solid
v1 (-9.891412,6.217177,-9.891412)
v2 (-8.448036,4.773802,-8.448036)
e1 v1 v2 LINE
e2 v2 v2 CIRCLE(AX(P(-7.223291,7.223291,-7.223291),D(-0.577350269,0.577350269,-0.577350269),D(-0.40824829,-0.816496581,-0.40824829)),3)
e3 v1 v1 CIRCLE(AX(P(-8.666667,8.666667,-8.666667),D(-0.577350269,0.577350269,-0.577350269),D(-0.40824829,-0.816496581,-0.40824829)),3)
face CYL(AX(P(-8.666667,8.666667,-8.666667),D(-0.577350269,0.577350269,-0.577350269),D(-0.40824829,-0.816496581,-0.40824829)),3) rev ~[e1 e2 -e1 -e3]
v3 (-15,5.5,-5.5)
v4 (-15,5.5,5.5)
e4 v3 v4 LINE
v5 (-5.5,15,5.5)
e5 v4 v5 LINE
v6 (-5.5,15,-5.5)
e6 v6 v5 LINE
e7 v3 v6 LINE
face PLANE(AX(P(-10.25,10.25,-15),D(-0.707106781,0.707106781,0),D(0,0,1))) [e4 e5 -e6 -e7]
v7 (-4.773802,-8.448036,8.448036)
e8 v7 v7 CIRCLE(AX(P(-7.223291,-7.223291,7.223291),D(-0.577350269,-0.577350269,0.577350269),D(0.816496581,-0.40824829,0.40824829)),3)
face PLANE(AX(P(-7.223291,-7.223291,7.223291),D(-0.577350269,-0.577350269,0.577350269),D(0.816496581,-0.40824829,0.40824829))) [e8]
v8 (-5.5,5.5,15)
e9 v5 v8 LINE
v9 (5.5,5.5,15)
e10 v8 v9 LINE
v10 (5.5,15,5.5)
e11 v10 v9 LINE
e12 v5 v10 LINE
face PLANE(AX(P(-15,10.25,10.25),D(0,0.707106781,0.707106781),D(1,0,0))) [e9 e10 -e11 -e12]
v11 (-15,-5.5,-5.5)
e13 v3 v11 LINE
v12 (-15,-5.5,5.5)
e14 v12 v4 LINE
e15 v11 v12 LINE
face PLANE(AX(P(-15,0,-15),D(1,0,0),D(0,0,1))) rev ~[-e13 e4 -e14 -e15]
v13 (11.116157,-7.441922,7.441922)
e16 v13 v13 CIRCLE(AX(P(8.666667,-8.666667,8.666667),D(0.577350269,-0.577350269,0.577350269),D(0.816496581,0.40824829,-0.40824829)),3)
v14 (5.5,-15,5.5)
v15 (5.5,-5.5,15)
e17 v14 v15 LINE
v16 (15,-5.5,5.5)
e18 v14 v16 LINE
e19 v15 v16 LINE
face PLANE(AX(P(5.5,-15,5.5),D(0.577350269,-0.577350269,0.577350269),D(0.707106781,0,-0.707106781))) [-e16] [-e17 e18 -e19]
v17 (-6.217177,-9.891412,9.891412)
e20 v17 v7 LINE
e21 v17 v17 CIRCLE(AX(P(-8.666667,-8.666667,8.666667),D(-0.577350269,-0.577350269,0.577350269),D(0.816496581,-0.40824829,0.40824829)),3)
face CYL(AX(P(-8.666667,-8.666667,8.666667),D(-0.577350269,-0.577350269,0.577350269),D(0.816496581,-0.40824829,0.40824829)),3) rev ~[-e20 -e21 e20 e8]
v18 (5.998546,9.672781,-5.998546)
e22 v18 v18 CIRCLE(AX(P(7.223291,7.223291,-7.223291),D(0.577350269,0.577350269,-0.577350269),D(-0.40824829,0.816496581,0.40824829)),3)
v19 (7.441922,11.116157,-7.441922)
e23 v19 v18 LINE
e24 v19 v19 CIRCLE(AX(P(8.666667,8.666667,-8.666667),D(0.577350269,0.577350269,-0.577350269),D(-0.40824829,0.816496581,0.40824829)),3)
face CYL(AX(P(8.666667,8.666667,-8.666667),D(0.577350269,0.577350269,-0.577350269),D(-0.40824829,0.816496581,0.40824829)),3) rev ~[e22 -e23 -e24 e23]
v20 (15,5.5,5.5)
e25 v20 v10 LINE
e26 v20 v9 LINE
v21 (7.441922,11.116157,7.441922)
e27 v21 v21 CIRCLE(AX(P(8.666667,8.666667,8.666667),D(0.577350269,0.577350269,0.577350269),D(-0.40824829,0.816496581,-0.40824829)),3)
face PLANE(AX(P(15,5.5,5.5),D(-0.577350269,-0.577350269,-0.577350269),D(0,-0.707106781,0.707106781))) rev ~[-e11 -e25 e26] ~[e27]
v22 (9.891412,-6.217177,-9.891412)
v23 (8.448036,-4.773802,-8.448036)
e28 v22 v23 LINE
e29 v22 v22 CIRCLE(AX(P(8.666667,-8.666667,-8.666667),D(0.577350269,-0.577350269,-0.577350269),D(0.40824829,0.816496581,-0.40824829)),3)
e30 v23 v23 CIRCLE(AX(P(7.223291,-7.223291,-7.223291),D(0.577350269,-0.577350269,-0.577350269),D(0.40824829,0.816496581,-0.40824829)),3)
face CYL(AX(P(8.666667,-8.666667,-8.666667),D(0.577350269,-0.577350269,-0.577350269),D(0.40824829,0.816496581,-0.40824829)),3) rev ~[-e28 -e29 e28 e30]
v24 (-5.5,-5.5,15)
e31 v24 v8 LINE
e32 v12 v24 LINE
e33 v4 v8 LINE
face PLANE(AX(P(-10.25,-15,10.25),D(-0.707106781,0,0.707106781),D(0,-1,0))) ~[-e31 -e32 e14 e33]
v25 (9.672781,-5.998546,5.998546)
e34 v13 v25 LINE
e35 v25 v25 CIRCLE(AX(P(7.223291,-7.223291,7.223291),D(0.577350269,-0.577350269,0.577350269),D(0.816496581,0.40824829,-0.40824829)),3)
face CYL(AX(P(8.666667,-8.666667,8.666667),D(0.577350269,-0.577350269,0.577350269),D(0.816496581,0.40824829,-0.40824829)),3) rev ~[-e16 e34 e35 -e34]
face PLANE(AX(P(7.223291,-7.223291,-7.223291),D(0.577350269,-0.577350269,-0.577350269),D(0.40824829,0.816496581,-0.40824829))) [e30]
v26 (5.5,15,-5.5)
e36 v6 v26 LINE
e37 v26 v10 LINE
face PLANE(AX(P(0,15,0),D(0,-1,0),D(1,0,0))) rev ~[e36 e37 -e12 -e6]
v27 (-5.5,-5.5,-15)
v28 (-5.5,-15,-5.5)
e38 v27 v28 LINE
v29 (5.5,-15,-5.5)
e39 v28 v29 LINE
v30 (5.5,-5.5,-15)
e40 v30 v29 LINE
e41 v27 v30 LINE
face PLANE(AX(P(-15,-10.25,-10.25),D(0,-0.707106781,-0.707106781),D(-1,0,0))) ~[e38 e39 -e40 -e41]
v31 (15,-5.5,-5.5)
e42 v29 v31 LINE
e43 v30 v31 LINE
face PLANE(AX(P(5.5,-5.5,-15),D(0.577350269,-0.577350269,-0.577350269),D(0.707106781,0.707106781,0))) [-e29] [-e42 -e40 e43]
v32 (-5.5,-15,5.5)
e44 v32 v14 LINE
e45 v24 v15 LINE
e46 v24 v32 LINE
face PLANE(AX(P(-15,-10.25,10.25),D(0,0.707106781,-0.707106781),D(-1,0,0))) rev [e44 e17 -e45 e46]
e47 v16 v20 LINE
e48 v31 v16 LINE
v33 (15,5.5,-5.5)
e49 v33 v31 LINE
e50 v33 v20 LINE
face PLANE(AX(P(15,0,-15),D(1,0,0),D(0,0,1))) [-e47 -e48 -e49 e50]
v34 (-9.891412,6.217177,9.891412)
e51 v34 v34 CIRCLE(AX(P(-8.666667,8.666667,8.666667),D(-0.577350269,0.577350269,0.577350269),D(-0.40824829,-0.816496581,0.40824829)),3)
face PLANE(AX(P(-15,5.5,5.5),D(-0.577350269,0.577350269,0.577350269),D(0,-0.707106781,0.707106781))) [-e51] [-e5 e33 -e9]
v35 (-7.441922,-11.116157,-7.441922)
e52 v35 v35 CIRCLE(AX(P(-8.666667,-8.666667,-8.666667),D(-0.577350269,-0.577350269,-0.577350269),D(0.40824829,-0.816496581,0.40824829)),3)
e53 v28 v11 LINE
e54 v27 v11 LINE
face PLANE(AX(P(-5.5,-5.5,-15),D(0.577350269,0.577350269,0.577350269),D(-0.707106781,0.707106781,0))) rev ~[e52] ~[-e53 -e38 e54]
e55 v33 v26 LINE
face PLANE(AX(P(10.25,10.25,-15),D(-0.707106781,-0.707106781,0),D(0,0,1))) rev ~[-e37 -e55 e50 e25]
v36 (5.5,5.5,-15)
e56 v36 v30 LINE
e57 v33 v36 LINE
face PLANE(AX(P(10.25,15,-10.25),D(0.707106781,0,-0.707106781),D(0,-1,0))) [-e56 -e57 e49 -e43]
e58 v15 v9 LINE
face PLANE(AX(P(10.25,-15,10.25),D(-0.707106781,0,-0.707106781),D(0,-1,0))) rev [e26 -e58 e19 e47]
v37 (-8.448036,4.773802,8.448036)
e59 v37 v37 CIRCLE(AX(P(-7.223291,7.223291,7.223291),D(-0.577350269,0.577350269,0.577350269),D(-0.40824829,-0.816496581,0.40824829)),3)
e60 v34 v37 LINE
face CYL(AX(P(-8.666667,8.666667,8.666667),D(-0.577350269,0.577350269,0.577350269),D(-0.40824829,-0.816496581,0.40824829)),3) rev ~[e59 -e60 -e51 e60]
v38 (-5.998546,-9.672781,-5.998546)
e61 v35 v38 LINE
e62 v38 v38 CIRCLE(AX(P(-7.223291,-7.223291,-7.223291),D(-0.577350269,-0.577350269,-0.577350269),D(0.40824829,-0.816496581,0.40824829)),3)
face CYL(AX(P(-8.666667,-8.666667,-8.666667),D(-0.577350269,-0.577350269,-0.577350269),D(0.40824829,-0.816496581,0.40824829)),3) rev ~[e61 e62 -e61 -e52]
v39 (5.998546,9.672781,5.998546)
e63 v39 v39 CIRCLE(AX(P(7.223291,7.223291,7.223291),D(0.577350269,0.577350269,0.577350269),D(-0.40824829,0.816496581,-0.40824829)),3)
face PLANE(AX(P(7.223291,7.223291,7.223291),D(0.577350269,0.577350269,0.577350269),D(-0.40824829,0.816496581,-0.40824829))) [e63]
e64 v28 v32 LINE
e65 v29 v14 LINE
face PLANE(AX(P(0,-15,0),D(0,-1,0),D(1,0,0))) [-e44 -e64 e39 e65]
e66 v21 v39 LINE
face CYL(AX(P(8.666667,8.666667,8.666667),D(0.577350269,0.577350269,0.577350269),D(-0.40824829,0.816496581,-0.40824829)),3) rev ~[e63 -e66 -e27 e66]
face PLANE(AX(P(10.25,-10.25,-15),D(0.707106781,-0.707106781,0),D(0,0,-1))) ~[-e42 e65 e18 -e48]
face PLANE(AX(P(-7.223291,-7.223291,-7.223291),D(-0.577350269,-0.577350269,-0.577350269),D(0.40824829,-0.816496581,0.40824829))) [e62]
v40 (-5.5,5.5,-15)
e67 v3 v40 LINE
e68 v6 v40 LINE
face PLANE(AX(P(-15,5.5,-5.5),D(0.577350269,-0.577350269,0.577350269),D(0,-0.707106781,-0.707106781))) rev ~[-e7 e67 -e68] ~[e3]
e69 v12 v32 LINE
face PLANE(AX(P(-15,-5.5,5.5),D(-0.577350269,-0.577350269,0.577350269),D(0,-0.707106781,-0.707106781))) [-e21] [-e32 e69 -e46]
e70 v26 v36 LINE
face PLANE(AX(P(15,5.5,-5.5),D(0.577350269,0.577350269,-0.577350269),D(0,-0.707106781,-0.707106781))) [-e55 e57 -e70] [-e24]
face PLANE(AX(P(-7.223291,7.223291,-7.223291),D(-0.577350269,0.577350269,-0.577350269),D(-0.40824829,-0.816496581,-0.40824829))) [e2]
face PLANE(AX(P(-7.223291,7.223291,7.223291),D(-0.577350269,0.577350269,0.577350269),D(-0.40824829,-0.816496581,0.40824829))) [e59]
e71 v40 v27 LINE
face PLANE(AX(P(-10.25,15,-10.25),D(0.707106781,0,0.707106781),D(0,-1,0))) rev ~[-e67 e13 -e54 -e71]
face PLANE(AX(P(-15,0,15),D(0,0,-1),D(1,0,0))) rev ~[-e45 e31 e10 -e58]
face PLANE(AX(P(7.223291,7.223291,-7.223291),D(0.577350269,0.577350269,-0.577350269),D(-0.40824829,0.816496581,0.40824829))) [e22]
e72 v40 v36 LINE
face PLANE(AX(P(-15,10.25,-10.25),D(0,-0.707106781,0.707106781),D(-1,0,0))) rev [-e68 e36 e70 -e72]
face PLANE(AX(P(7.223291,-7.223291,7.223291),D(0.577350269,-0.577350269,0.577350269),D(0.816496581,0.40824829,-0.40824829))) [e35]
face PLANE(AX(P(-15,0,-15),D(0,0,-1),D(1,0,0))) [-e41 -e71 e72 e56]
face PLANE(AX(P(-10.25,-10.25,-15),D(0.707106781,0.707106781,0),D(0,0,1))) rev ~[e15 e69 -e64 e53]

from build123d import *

# Parameters (mm, degrees)
F0_W      = 30
F0_H      = 30
F1_DEPTH  = 15
F2_SIZE   = 9.5
F3_R      = 3
F4_DEPTH  = 2.5
F5_R      = 3
F6_DEPTH  = 2.5
F7_R      = 3
F8_DEPTH  = 2.5
F9_R      = 3
F10_DEPTH = 2.5
F11_R     = 3
F12_DEPTH = 2.5
F13_R     = 3
F14_DEPTH = 2.5
F15_R     = 3
F16_DEPTH = 2.5
F17_R     = 3
F18_DEPTH = 2.5


with BuildPart() as f1:
    # F0 (on Front) → F1 (new body, symmetric)
    with BuildSketch(Plane.XZ):
        Rectangle(F0_W, F0_H)
    extrude(amount=F1_DEPTH, both=True)

    # F2
    f2_edges = [f1.edges().sort_by_distance(p)[0] for p in [
        (0, 15, -15),
        (0, 15, 15),
        (15, 15, 0),
        (-15, 15, 0),
        (15, 0, 15),
        (0, -15, 15),
        (-15, 0, 15),
        (-15, -15, 0),
        (15, -15, 0),
        (0, -15, -15),
        (-15, 0, -15),
        (15, 0, -15),
    ]]
    chamfer(f2_edges, length=F2_SIZE)

    # F3 (on face) → F4 (cut)
    with BuildSketch(Plane(origin=(-8.666667, 8.666667, 8.666667), x_dir=(-0.408248, -0.816497, 0.408248), z_dir=(-0.57735, 0.57735, 0.57735))):
        Circle(F3_R)
    extrude(amount=-F4_DEPTH, mode=Mode.SUBTRACT)

    # F5 (on face) → F6 (cut)
    with BuildSketch(Plane(origin=(8.666667, 8.666667, -8.666667), x_dir=(-0.408248, 0.816497, 0.408248), z_dir=(0.57735, 0.57735, -0.57735))):
        Circle(F5_R)
    extrude(amount=-F6_DEPTH, mode=Mode.SUBTRACT)

    # F7 (on face) → F8 (cut)
    with BuildSketch(Plane(origin=(-8.666667, 8.666667, -8.666667), x_dir=(-0.408248, -0.816497, -0.408248), z_dir=(-0.57735, 0.57735, -0.57735))):
        Circle(F7_R)
    extrude(amount=-F8_DEPTH, mode=Mode.SUBTRACT)

    # F9 (on face) → F10 (cut)
    with BuildSketch(Plane(origin=(-8.666667, -8.666667, 8.666667), x_dir=(0.816497, -0.408248, 0.408248), z_dir=(-0.57735, -0.57735, 0.57735))):
        Circle(F9_R)
    extrude(amount=-F10_DEPTH, mode=Mode.SUBTRACT)

    # F11 (on face) → F12 (cut)
    with BuildSketch(Plane(origin=(8.666667, -8.666667, 8.666667), x_dir=(0.816497, 0.408248, -0.408248), z_dir=(0.57735, -0.57735, 0.57735))):
        Circle(F11_R)
    extrude(amount=-F12_DEPTH, mode=Mode.SUBTRACT)

    # F13 (on face) → F14 (cut)
    with BuildSketch(Plane(origin=(-8.666667, -8.666667, -8.666667), x_dir=(0.408248, -0.816497, 0.408248), z_dir=(-0.57735, -0.57735, -0.57735))):
        Circle(F13_R)
    extrude(amount=-F14_DEPTH, mode=Mode.SUBTRACT)

    # F15 (on face) → F16 (cut)
    with BuildSketch(Plane(origin=(8.666667, 8.666667, 8.666667), x_dir=(-0.408248, 0.816497, -0.408248), z_dir=(0.57735, 0.57735, 0.57735))):
        Circle(F15_R)
    extrude(amount=-F16_DEPTH, mode=Mode.SUBTRACT)

    # F17 (on face) → F18 (cut)
    with BuildSketch(Plane(origin=(8.666667, -8.666667, -8.666667), x_dir=(0.408248, 0.816497, -0.408248), z_dir=(0.57735, -0.57735, -0.57735))):
        Circle(F17_R)
    extrude(amount=-F18_DEPTH, mode=Mode.SUBTRACT)


solid = f1.part
